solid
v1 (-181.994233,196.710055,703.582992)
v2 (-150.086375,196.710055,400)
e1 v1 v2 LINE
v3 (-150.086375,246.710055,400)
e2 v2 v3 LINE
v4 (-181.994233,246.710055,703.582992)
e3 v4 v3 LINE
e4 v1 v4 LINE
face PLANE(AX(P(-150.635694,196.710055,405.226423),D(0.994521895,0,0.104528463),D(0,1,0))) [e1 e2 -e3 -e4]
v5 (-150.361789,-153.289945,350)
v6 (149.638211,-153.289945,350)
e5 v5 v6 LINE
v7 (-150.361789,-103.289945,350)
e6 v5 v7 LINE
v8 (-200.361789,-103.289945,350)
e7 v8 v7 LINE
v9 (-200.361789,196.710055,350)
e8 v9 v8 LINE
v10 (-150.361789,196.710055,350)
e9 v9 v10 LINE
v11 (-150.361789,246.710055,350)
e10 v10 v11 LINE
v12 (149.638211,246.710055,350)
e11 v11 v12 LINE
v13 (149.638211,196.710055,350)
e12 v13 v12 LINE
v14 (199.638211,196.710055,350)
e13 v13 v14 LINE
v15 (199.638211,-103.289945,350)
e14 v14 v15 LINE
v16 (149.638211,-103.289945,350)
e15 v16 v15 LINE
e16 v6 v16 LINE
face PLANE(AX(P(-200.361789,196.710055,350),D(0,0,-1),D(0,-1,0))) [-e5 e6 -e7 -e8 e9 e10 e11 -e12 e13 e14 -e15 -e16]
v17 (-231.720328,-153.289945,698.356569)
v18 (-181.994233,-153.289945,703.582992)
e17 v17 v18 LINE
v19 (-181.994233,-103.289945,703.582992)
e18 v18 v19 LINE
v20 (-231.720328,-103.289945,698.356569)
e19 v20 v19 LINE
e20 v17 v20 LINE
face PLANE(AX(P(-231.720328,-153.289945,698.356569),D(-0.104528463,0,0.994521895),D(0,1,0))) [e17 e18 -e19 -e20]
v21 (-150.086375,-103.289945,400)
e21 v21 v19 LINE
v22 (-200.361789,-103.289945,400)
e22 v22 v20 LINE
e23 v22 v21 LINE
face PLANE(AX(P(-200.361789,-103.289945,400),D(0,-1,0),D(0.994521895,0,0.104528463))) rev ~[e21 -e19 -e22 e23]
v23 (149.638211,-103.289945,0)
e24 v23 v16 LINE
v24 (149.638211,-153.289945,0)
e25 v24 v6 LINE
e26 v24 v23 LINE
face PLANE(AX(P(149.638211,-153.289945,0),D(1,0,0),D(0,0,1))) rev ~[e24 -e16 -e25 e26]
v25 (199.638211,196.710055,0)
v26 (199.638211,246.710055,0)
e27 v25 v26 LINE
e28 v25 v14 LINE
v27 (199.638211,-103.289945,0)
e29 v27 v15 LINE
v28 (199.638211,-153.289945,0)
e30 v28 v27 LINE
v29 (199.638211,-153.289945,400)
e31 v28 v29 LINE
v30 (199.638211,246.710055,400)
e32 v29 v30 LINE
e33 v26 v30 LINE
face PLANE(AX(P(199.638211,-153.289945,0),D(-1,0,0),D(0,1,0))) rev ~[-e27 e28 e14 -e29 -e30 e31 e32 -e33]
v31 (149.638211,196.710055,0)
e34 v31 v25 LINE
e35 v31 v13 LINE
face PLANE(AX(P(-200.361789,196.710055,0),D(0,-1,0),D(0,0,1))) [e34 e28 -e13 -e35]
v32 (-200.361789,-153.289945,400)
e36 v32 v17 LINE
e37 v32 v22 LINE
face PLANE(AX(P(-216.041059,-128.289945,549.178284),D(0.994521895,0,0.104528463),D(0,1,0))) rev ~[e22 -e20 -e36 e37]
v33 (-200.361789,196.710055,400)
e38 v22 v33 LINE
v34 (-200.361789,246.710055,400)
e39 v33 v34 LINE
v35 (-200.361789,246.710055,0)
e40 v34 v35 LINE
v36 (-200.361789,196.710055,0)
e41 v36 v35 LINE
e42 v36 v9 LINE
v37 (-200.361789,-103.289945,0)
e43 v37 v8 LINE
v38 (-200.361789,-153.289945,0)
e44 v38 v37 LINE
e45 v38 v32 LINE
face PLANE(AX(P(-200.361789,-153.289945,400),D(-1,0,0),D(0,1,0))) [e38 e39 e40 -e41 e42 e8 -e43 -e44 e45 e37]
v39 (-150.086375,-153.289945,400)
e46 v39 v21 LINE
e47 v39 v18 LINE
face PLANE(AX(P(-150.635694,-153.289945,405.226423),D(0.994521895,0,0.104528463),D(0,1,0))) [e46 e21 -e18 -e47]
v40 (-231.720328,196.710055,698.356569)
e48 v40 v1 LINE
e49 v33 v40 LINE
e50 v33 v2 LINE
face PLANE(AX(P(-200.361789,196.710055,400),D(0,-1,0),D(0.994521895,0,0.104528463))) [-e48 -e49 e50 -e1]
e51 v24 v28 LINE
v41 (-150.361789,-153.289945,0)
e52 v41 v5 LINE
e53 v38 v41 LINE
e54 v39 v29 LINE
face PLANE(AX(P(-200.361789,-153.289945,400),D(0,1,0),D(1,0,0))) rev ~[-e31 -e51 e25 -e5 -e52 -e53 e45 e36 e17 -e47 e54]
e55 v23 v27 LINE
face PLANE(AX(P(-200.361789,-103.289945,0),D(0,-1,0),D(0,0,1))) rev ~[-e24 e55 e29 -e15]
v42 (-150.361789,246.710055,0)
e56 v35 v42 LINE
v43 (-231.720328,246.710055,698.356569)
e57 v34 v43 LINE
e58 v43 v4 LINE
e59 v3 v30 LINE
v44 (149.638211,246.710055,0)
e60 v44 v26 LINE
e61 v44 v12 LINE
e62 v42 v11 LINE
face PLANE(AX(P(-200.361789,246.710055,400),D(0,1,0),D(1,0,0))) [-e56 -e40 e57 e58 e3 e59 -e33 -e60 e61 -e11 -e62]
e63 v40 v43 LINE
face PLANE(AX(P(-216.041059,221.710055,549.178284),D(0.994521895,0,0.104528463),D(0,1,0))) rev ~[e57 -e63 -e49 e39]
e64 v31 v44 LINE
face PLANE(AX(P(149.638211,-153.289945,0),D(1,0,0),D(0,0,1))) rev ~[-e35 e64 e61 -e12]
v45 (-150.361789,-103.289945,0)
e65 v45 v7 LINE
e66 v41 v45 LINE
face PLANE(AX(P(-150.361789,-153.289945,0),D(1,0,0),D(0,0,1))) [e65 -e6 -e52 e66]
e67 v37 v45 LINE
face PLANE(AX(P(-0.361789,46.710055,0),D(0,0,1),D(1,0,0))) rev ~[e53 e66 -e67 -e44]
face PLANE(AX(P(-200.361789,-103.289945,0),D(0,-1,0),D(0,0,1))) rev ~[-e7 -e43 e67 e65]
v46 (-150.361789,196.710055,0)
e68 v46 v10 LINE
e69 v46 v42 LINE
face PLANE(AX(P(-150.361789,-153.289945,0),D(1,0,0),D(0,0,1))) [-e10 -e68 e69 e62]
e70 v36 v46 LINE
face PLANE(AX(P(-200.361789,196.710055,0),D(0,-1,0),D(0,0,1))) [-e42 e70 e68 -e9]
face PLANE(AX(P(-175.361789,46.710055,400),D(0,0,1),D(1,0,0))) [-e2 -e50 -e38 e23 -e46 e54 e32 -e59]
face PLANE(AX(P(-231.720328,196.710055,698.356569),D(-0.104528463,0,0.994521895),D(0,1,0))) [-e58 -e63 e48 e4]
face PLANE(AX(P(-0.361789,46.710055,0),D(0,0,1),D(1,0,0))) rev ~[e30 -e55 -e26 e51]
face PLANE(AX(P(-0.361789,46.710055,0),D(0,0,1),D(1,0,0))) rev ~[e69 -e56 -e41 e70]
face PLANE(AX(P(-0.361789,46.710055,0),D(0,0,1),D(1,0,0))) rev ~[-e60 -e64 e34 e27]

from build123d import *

# Parameters (mm, degrees)
F0_W      = 400
F0_H      = 400
F1_DEPTH  = 400
F2_W      = 300
F2_H      = 350
F3_DEPTH  = 400
F4_W      = 300
F4_H      = 350
F5_DEPTH  = 400
F6_W      = 50
F6_H      = 400
F7_DEPTH  = 300
F8_W      = 300
F8_H      = 300
F9_DEPTH  = 50
F10_DEPTH = 300
F11_DEPTH = 300
F15_W     = 50
F15_H     = 300
F16_DEPTH = 50
F17_DEPTH = 25
F18_W     = 50
F18_H     = 300
F19_DEPTH = 50
F20_DEPTH = 5.2552117633


with BuildPart() as f1:
    # F0 (on Top) → F1 (new body)
    with BuildSketch(Plane.XY):
        with Locations((-0.3617890179, 46.7100545251)):
            Rectangle(F0_W, F0_H)
    extrude(amount=F1_DEPTH)

    # F2 (on face) → F3 (cut)
    with BuildSketch(Plane(origin=(-200.3617890179, 0, 0), x_dir=(0, -1, 0), z_dir=(-1, 0, 0))):
        with Locations((-46.7100545251, 175)):
            Rectangle(F2_W, F2_H)
    extrude(amount=-F3_DEPTH, mode=Mode.SUBTRACT)

    # F4 (on face) → F5 (cut)
    with BuildSketch(Plane.XZ.offset(153.2899454749)):
        with Locations((-0.3617890179, 175)):
            Rectangle(F4_W, F4_H)
    extrude(amount=-F5_DEPTH, mode=Mode.SUBTRACT)

    # F6 (on face) → F7 (join)
    with BuildSketch(Plane.XY.offset(400)):
        with Locations((-175.3617890179, 46.7100545251)):
            Rectangle(F6_W, F6_H)
    extrude(amount=F7_DEPTH)

    # F8 (on face) → F9 (cut)
    with BuildSketch(Plane.YZ.offset(-150.3617890179)):
        with Locations((46.7100545251, 550)):
            Rectangle(F8_W, F8_H)
    extrude(amount=-F9_DEPTH, mode=Mode.SUBTRACT)

    # F10 (cut): a face of the model
    f10_faces = [f1.faces().sort_by_distance(p)[0] for p in [
        (-175.3617890179, -128.2899454749, 700),
    ]]
    extrude(f10_faces, amount=-F10_DEPTH, mode=Mode.SUBTRACT)

    # F11 (cut): a face of the model
    f11_faces = [f1.faces().sort_by_distance(p)[0] for p in [
        (-175.3617890179, 221.7100545251, 700),
    ]]
    extrude(f11_faces, amount=-F11_DEPTH, mode=Mode.SUBTRACT)

    # F15 (on face) → F16 (join)
    with BuildSketch(Plane(origin=(-156.5902579487, 0, -16.4582993118), x_dir=(0, 1, 0), z_dir=(0.9945218954, 0, 0.1045284633))):
        with Locations((-128.2899454749, 568.7522680509)):
            Rectangle(F15_W, F15_H)
    extrude(amount=F16_DEPTH)

    # F17 (add): a face of the model
    f17_faces = [f1.faces().sort_by_distance(p)[0] for p in [
        (-175.4987416337, -128.2899454749, 402.6132115817),
    ]]
    extrude(f17_faces, amount=F17_DEPTH)



with BuildPart() as f19:
    # F18 (on face) → F19 (new body)
    with BuildSketch(Plane(origin=(-156.5902579487, 0, -16.4582993118), x_dir=(0, 1, 0), z_dir=(0.9945218954, 0, 0.1045284633))):
        with Locations((221.7100545251, 568.7522680509)):
            Rectangle(F18_W, F18_H)
    extrude(amount=F19_DEPTH)


with BuildPart() as f1_1:
    add(f1.part)
    # F20 (add, through all): a face of the model
    f20_faces = [f19.part.faces().sort_by_distance(p)[0] for p in [
        (-175.4987416337, 221.7100545251, 402.6132115817),
    ]]

    add(f19.part)  # F20 merges F19
    extrude(f20_faces, amount=F20_DEPTH)


solid = f1_1.part
